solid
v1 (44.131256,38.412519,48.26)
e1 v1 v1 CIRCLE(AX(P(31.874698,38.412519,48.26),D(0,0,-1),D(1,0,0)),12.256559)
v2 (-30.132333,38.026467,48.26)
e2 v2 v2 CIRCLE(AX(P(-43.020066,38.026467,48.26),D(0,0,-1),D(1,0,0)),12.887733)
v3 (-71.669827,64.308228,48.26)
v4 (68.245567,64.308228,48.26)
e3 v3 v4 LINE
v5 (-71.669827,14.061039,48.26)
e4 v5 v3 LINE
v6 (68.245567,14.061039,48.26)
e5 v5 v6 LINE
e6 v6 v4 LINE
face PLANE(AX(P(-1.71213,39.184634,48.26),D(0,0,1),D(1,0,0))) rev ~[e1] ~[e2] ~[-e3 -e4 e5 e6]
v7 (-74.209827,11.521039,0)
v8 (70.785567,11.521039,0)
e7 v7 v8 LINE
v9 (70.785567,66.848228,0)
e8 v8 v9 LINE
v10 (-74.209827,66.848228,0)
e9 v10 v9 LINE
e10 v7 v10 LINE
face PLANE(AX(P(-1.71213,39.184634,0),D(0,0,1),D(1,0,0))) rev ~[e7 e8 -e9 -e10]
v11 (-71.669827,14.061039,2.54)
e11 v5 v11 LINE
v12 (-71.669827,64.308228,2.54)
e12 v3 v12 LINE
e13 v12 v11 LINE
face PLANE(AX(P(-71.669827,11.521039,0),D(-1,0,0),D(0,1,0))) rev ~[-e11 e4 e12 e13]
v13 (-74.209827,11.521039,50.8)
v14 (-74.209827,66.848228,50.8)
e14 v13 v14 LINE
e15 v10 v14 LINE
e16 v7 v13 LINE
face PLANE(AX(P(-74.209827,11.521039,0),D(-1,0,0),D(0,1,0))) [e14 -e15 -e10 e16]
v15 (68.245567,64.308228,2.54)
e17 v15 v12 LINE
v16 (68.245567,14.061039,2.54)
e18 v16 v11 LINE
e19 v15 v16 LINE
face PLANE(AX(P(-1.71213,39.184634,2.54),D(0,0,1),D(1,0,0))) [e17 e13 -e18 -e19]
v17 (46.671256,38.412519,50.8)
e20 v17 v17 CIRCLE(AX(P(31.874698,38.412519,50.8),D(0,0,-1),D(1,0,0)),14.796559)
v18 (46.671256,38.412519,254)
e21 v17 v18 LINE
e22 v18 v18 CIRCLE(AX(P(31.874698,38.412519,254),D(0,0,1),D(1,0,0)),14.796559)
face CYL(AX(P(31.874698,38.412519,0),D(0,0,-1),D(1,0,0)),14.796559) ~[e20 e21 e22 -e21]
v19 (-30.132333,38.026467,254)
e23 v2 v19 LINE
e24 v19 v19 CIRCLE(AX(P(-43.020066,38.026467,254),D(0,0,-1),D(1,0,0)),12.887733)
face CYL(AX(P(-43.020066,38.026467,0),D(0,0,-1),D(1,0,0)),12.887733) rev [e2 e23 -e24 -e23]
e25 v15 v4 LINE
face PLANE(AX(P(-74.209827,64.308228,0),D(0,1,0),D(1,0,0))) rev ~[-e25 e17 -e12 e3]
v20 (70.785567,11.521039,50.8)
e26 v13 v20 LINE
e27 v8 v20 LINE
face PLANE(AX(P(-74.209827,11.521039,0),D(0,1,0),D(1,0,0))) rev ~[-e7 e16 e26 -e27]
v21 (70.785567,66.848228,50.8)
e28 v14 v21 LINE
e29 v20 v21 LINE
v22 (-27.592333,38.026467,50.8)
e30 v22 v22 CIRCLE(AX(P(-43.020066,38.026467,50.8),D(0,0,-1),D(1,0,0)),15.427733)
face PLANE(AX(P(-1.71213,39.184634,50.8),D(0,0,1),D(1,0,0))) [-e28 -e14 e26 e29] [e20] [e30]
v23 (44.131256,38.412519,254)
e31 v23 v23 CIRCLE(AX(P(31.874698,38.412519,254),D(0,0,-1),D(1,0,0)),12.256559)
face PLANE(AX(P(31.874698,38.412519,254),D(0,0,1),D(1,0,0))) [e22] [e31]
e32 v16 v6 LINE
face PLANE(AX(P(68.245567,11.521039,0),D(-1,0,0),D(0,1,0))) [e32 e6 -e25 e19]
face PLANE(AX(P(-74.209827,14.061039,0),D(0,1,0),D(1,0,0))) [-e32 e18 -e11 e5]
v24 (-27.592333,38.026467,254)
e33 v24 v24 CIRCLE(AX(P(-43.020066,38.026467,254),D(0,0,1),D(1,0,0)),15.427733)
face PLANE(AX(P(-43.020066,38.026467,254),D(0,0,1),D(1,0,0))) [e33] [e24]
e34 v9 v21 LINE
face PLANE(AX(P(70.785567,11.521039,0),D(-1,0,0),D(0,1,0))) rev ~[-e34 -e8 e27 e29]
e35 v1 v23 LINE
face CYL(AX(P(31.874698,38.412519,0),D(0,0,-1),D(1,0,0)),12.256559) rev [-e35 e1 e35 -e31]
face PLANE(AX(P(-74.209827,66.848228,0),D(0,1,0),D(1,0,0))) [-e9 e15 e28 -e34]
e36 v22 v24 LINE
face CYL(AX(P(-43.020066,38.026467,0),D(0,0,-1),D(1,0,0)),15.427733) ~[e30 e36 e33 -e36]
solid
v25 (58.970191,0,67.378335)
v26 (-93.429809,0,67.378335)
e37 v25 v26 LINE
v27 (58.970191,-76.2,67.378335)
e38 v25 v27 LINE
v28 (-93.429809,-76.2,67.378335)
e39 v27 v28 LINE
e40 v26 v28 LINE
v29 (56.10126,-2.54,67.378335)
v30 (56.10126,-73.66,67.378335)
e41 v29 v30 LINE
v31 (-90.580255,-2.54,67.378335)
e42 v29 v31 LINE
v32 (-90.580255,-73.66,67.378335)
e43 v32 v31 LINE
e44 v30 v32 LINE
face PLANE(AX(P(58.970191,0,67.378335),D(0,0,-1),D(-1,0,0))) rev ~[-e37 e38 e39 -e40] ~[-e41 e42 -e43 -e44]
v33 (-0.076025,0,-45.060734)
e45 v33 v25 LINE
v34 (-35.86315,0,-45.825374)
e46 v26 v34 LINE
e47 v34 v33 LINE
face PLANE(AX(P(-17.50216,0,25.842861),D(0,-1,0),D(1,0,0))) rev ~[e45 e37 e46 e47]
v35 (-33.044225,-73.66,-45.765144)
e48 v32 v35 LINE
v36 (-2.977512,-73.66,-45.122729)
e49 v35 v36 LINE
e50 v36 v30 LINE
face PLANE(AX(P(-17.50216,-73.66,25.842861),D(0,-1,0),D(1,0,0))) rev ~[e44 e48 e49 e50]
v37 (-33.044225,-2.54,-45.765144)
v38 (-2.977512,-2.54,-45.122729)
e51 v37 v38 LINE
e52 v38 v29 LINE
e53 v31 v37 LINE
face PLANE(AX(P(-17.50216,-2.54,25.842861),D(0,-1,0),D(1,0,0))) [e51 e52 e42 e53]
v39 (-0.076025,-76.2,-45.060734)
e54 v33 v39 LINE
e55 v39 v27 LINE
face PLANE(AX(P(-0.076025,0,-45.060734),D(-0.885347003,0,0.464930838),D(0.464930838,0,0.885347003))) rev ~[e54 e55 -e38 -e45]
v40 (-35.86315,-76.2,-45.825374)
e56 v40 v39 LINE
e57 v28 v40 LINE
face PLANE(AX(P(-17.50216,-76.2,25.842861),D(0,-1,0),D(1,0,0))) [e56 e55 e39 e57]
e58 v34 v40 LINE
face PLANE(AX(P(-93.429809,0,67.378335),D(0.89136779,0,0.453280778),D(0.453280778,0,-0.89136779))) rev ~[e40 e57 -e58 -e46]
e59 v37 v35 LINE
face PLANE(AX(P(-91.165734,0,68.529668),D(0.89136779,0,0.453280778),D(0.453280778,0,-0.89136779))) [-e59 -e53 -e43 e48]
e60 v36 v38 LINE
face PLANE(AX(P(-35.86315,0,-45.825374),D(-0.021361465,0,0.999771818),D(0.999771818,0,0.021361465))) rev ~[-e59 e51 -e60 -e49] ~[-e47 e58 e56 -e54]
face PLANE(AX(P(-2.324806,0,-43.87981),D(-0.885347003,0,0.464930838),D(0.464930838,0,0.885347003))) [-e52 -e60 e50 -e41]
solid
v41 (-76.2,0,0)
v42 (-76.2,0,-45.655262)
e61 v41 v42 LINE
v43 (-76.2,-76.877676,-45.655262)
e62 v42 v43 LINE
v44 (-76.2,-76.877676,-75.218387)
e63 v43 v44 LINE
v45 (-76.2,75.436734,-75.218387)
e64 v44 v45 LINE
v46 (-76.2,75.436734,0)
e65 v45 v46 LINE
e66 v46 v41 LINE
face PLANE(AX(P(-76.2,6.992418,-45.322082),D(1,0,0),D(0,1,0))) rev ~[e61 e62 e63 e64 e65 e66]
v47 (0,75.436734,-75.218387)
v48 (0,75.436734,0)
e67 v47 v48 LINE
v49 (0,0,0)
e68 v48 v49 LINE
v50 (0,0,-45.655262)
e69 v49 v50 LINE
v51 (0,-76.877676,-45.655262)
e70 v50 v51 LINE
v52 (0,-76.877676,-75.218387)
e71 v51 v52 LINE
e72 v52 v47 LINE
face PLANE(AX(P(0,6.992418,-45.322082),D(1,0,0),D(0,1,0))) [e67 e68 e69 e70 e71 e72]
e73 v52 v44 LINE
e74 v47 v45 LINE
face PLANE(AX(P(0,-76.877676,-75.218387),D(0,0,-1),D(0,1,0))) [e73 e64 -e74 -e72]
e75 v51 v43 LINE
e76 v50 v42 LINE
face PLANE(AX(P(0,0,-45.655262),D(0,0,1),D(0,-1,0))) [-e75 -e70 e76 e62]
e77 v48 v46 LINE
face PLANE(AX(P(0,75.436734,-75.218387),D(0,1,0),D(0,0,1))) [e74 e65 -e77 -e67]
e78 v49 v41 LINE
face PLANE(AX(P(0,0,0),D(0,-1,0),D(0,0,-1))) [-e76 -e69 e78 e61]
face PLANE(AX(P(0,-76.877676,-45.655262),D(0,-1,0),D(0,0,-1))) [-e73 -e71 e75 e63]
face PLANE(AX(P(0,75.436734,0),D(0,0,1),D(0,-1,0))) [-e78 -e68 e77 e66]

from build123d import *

# Parameters (mm, degrees)
F1_DEPTH = 76.2
F2_T     = -2.54
F3_W     = 144.9953940939
F3_H     = 55.3271894277
F3_R     = 12.7
F4_DEPTH = 50.8
F5_R     = 14.7965587388
F5_R_2   = 15.4277333538
F6_DEPTH = 254
F8_DEPTH = 76.2
F9_T     = -2.54


with BuildPart() as f1:
    # F0 (on Front) → F1 (new body)
    with BuildSketch(Plane.XZ):
        Polygon((58.970191346, 67.3783349957), (-93.429808654, 67.3783349957), (-35.8631499112, -45.8253743127), (-0.0760250571, -45.0607344085), align=None)
    extrude(amount=F1_DEPTH)

    # F2
    f2_openings = [f1.faces().sort_by_distance(p)[0] for p in [
        (-17.229809, -38.1, 67.378335),
        (-17.969587, -38.1, -45.443054),
    ]]
    offset(amount=F2_T, openings=f2_openings)


with BuildPart() as f4:
    # F3 (on Top) → F4 (new body)
    with BuildSketch(Plane.XY):
        with Locations((-1.7121303827, 39.1846336424)):
            Rectangle(F3_W, F3_H)
        with Locations((-41.7766466267, 38.7076750335)):
            Circle(F3_R, mode=Mode.SUBTRACT)
        with Locations((32.1519262469, 37.2767992068)):
            Circle(F3_R, mode=Mode.SUBTRACT)
    extrude(amount=F4_DEPTH)

    # F5 (on Top) → F6 (join)
    with BuildSketch(Plane.XY):
        with Locations((31.8746976554, 38.4125187993)):
            Circle(F5_R)
        with Locations((-43.0200658739, 38.0264669657)):
            Circle(F5_R_2)
    extrude(amount=F6_DEPTH)

    # F9
    f9_openings = [f4.faces().sort_by_distance(p)[0] for p in [
        (31.874698, 38.412519, 254),
        (-43.020066, 38.026467, 254),
    ]]
    offset(amount=F9_T, openings=f9_openings, kind=Kind.INTERSECTION)


with BuildPart() as f8:
    # F7 (on Right) → F8 (new body)
    with BuildSketch(Plane.YZ):
        Polygon((75.4367336631, 0), (0, 0), (0, -45.6552617252), (-76.8776759505, -45.6552617252), (-76.8776759505, -75.2183869481), (75.4367336631, -75.2183869481), align=None)
    extrude(amount=-F8_DEPTH)


solid = Compound([f1.part, f4.part, f8.part])
